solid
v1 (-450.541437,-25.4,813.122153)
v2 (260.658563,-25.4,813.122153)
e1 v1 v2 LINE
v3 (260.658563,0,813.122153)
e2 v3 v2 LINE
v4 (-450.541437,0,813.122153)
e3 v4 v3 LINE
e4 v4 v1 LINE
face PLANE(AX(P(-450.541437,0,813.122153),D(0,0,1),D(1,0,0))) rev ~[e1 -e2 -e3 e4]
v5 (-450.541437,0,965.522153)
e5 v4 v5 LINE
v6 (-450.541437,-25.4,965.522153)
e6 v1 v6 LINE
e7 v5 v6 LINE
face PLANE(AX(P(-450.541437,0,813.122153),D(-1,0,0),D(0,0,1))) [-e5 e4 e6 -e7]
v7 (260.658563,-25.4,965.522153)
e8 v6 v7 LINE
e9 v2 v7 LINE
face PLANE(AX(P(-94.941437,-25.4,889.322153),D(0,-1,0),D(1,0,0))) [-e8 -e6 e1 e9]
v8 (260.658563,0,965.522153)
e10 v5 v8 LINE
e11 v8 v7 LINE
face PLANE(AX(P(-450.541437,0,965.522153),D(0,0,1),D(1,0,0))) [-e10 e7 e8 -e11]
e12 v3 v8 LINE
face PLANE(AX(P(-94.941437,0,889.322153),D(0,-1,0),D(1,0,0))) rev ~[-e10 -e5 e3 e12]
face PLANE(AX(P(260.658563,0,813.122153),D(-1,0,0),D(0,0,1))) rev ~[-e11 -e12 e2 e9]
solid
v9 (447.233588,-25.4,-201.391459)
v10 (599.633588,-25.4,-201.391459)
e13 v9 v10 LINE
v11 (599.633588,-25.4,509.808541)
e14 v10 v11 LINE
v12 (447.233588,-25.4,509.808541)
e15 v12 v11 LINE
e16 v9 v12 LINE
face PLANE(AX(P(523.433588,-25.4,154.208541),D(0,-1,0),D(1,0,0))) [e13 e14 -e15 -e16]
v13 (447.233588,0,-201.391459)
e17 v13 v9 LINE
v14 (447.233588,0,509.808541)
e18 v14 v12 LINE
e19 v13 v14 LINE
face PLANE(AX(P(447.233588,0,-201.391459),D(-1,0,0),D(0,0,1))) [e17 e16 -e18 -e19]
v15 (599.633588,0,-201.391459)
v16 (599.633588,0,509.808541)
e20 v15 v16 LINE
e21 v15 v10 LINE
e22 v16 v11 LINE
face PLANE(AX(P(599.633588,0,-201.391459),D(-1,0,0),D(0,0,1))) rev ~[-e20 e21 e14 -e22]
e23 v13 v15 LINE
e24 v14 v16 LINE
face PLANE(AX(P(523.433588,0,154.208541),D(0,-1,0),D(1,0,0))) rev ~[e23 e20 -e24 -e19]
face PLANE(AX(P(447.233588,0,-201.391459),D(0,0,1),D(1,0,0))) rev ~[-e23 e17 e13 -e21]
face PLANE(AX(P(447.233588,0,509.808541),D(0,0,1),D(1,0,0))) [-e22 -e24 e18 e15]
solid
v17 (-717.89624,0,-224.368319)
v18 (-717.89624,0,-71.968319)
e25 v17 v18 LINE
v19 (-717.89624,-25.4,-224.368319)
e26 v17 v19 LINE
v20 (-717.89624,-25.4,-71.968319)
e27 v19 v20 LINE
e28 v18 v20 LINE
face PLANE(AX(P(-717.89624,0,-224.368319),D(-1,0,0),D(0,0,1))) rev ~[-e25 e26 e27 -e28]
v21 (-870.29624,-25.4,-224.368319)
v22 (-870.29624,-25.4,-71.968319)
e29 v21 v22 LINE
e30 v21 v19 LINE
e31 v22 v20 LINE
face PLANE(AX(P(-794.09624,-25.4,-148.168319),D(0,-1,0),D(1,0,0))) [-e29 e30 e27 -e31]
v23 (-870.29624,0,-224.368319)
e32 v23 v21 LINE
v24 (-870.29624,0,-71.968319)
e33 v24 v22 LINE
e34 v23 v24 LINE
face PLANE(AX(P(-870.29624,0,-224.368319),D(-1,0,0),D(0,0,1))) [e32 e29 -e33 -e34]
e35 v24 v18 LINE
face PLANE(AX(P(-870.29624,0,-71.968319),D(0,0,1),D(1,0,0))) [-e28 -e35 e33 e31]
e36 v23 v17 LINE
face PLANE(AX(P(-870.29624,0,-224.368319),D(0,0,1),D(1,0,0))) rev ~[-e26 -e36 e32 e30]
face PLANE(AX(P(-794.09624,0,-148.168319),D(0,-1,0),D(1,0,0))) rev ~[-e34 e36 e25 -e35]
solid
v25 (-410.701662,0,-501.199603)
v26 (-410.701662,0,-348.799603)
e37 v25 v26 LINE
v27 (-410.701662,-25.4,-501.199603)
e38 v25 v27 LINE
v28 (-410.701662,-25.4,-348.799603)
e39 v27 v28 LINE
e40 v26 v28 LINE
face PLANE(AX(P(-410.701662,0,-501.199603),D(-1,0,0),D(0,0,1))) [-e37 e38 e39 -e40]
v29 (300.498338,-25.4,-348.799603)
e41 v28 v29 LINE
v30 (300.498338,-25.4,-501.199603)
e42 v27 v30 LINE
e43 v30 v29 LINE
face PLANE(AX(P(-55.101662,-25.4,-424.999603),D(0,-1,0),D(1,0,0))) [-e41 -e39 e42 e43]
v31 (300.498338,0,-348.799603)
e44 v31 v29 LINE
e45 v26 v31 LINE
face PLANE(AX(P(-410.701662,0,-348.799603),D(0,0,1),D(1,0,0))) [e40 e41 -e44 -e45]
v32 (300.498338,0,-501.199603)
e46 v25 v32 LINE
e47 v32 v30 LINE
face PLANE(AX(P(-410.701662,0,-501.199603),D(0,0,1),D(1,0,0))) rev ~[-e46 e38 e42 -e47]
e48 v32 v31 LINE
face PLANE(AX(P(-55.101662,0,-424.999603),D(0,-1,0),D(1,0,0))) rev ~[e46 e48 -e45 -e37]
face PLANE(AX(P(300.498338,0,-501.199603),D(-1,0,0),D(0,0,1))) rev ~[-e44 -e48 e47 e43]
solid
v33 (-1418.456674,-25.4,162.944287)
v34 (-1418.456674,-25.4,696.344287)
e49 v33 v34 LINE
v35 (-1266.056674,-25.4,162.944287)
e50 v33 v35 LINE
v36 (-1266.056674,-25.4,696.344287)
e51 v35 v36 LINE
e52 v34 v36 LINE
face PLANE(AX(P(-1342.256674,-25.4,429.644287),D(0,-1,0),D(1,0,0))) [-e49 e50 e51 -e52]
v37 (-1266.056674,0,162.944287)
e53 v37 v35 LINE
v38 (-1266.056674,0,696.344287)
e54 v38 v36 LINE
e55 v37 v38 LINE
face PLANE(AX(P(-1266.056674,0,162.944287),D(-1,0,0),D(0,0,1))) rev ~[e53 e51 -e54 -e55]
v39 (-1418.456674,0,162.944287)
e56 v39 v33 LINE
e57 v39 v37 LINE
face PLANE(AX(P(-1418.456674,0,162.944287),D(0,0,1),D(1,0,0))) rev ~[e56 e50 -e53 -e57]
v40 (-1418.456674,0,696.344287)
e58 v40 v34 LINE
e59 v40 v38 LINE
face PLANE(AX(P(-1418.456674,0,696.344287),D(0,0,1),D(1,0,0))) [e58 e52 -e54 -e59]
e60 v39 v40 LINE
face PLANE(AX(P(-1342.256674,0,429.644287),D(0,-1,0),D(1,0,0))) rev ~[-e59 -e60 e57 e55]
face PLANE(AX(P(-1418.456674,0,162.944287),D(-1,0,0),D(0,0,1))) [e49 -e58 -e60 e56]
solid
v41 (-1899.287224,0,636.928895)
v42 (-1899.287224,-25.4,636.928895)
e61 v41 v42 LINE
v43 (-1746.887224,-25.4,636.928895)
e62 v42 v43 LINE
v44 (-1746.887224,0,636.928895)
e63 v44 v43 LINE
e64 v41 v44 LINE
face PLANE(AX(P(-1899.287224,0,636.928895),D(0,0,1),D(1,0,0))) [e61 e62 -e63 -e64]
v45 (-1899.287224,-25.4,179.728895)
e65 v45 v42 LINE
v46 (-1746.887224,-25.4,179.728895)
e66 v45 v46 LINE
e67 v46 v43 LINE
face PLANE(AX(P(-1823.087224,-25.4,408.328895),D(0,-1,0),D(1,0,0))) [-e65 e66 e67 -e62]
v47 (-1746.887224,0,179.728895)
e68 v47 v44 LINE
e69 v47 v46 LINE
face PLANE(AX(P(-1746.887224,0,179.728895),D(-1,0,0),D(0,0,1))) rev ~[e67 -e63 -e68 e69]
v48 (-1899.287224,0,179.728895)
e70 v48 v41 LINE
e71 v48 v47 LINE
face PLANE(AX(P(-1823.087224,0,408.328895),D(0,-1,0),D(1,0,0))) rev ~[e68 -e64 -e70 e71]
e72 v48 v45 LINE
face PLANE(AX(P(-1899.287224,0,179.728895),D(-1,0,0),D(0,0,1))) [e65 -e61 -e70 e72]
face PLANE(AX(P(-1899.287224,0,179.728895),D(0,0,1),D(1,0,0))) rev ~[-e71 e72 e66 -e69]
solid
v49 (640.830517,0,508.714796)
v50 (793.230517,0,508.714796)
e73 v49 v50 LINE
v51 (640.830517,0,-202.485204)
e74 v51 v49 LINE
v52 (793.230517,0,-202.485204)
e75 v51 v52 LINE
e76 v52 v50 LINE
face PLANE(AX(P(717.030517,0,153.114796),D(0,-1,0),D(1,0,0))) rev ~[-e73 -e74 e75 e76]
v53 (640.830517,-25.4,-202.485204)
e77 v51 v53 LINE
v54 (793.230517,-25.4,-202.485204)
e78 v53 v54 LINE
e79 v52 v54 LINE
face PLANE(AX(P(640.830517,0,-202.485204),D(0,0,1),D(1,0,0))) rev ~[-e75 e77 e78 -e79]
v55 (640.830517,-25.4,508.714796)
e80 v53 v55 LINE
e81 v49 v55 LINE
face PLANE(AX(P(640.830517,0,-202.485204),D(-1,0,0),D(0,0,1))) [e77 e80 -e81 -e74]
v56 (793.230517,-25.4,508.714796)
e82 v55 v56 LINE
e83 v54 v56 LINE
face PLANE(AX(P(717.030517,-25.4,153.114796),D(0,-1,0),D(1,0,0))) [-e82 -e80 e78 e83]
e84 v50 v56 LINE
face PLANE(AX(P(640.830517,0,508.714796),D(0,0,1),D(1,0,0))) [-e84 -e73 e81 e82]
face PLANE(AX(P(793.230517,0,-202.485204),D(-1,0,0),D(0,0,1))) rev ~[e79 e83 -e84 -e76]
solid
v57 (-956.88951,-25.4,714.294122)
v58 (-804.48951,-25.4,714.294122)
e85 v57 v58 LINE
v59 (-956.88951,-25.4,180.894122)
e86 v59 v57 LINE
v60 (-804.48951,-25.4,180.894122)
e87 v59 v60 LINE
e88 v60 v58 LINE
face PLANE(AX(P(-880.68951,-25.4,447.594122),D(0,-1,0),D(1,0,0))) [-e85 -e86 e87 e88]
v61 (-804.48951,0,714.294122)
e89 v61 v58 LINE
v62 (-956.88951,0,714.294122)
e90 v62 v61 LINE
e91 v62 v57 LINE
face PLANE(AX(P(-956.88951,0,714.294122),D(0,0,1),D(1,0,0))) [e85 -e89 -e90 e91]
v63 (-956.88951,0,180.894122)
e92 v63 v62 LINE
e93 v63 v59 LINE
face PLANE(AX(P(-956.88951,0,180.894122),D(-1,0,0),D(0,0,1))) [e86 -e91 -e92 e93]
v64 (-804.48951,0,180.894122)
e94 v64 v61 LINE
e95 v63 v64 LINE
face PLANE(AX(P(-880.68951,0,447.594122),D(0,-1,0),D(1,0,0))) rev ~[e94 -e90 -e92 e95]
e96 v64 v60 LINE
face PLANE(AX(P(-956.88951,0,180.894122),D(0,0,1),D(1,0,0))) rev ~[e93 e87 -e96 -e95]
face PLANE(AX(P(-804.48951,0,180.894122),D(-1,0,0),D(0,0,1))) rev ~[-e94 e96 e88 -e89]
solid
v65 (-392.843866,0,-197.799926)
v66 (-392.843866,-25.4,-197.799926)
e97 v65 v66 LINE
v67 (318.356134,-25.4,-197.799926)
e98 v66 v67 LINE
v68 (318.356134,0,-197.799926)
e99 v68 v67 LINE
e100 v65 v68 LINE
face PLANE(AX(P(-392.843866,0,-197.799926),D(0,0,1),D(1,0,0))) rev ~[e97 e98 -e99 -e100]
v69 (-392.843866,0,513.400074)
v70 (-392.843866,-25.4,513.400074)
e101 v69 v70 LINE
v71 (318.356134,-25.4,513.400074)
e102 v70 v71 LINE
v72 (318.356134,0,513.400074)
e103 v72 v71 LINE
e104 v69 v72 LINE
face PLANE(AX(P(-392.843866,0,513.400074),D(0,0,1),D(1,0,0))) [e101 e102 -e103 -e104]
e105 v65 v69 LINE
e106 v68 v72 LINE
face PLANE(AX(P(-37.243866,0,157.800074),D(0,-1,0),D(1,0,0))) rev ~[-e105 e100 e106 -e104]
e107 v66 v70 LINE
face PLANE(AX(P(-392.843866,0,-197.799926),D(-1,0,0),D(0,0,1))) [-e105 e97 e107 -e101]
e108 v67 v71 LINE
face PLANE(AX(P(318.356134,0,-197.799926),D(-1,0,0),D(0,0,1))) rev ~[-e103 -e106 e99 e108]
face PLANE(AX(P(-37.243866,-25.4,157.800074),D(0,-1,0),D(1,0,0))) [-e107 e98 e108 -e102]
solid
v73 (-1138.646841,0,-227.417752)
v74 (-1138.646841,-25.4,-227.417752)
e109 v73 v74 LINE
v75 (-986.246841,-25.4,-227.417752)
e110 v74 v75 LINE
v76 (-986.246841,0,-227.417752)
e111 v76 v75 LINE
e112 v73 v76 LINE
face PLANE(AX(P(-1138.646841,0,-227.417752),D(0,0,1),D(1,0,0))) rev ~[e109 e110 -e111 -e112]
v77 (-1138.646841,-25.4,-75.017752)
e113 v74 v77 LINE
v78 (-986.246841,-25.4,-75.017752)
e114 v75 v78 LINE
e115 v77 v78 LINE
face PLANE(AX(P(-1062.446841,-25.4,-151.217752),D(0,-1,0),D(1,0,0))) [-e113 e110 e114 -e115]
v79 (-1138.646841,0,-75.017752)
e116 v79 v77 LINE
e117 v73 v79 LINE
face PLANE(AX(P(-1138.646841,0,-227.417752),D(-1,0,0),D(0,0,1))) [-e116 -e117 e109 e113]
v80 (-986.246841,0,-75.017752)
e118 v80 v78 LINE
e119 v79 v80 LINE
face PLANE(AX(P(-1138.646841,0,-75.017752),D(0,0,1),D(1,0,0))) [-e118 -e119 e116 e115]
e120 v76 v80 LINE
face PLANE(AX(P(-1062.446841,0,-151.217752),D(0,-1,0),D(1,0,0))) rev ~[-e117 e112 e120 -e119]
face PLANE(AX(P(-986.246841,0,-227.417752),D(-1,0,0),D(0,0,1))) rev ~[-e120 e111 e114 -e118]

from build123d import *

# Parameters (mm, degrees)
F0_W     = 152.4
F0_H     = 457.2
F0_H_2   = 533.4
F0_W_2   = 711.2
F0_H_3   = 152.4
F0_H_4   = 711.2
F1_DEPTH = 25.4


with BuildPart() as f1:
    # F0 (on Front) → F1 (new body)
    with BuildSketch(Plane.XZ):
        with Locations((-1823.087224, 408.328895)):
            Rectangle(F0_W, F0_H)
        with Locations((-1342.256674, 429.644287)):
            Rectangle(F0_W, F0_H_2)
        with Locations((-880.68951, 447.594122)):
            Rectangle(F0_W, F0_H_2)
        with Locations((-94.941437, 889.322153)):
            Rectangle(F0_W_2, F0_H_3)
        with Locations((-37.243866, 157.800074)):
            Rectangle(F0_W_2, F0_H_4)
        with Locations((-55.101662, -424.999603)):
            Rectangle(F0_W_2, F0_H_3)
        with Locations((-794.09624, -148.168319)):
            Rectangle(F0_W, F0_H_3)
        with Locations((-1062.446841, -151.217752)):
            Rectangle(F0_W, F0_H_3)
        with Locations((523.433588, 154.208541)):
            Rectangle(F0_W, F0_H_4)
        with Locations((717.030517, 153.114796)):
            Rectangle(F0_W, F0_H_4)
    extrude(amount=F1_DEPTH)


solid = f1.part
